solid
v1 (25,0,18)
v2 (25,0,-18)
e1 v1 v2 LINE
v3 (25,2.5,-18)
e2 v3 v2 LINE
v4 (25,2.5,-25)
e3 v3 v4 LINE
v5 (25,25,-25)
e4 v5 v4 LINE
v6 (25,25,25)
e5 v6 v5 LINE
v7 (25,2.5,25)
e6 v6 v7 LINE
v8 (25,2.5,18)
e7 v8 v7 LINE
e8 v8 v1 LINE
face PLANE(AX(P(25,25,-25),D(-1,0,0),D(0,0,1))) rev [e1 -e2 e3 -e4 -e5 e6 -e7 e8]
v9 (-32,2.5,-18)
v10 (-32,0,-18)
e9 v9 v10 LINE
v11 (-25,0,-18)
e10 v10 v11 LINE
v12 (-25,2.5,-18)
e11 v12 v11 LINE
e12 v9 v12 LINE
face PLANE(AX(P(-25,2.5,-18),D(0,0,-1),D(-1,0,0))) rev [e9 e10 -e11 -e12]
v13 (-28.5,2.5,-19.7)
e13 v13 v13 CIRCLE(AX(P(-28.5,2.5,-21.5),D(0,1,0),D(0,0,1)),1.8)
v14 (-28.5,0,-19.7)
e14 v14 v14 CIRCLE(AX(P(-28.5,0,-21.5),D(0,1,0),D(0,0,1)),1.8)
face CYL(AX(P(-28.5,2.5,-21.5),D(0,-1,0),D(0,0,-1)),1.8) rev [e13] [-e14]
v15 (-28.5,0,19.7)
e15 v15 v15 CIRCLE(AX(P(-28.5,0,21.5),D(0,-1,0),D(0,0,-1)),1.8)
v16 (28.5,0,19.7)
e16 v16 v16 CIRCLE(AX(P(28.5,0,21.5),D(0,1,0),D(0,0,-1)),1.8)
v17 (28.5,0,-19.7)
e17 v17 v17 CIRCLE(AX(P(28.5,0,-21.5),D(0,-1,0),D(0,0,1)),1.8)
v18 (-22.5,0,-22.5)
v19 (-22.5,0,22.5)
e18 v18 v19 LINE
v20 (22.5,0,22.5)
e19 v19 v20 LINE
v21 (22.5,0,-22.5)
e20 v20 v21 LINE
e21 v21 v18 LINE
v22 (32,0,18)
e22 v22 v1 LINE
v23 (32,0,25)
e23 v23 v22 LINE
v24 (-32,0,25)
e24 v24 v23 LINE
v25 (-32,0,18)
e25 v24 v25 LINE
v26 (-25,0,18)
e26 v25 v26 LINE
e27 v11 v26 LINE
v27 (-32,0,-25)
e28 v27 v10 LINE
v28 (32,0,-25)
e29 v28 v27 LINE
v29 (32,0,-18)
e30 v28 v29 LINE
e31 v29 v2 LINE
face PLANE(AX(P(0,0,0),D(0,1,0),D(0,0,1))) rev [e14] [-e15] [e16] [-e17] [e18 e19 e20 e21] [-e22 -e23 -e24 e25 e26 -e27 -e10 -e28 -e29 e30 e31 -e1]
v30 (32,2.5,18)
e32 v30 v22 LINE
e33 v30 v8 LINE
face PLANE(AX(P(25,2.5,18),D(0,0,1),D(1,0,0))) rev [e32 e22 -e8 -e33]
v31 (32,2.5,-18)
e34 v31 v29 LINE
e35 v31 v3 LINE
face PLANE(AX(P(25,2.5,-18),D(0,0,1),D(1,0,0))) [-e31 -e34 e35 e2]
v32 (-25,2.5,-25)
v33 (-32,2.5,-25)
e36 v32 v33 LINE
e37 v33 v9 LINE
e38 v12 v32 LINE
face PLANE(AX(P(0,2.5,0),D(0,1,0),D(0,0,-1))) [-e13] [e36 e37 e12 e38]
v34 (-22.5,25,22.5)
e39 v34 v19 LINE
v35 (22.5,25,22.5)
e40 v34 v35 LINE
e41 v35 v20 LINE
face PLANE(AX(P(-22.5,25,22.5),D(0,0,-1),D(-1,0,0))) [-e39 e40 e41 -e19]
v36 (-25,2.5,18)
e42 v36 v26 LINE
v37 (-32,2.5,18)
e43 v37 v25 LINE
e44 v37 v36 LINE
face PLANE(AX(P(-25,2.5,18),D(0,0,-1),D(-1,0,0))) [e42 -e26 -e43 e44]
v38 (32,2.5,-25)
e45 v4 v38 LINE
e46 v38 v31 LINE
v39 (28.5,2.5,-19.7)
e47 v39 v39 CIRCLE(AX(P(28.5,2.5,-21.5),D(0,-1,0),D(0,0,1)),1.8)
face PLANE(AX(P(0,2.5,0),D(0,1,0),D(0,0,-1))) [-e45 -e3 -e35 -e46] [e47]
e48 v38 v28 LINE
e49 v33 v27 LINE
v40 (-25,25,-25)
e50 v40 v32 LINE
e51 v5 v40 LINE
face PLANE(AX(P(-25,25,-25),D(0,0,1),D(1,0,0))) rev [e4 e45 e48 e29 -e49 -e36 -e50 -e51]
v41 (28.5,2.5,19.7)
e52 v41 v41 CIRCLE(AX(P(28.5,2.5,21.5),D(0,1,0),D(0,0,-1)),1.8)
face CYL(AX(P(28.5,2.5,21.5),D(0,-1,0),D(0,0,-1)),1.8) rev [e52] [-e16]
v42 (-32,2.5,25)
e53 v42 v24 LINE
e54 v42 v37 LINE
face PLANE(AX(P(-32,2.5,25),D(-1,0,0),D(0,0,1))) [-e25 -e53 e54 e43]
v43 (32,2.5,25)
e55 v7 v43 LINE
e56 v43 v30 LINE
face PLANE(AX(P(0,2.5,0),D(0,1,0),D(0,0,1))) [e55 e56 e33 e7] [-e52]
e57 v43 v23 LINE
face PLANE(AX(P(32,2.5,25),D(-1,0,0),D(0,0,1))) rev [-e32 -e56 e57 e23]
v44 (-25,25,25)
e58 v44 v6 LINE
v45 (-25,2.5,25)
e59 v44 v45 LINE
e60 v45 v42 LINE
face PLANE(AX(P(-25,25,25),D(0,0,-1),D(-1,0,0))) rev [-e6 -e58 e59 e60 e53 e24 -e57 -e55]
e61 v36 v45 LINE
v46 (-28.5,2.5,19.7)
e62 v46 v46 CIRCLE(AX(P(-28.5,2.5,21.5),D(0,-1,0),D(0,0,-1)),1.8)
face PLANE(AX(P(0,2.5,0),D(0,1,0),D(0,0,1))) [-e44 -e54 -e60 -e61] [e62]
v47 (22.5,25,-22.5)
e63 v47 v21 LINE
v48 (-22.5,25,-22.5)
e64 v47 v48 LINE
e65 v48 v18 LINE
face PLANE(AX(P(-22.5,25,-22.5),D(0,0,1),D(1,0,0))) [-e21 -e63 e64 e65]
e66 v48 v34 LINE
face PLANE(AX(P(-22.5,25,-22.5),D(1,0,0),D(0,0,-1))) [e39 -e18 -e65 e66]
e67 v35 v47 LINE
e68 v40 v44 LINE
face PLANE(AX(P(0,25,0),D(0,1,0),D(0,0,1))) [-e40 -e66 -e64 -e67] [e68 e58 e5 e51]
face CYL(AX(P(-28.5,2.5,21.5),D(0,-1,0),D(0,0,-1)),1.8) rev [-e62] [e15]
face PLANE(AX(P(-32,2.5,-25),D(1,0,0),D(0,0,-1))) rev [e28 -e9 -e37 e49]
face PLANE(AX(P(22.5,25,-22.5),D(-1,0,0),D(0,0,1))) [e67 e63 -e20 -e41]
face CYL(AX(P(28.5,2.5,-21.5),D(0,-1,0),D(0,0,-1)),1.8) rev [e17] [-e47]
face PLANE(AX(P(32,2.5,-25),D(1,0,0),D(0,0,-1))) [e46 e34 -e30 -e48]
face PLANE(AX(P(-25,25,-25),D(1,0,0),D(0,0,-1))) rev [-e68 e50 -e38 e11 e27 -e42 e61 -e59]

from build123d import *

# Parameters (mm, degrees)
SKIZZE1_W                       = 50
SKIZZE1_H                       = 50
SKIZZE1_W_2                     = 45
SKIZZE1_H_2                     = 45
AUFSATZ_LINEAR_AUSTRAGEN1_DEPTH = 25
SKIZZE2_W                       = 7
SKIZZE2_H                       = 7
SKIZZE2_R                       = 1.8
AUFSATZ_LINEAR_AUSTRAGEN2_DEPTH = 2.5
SPIEGELN2_COPY_1_SKETCH_W       = 7
SPIEGELN2_COPY_1_SKETCH_H       = 7
SPIEGELN2_COPY_1_SKETCH_R       = 1.8
SPIEGELN2_COPY_1_DEPTH          = 2.5


with BuildPart() as part:
    # Skizze1 → Aufsatz-Linear austragen1 (new body)
    with BuildSketch(Plane(origin=(0, 0, 0), x_dir=(1, 0, 0), z_dir=(0, 1, 0))):
        Rectangle(SKIZZE1_W, SKIZZE1_H)
        Rectangle(SKIZZE1_W_2, SKIZZE1_H_2, mode=Mode.SUBTRACT)
    extrude(amount=AUFSATZ_LINEAR_AUSTRAGEN1_DEPTH)

    # Skizze2 → Aufsatz-Linear austragen2 (add)
    with BuildSketch(Plane.XZ):
        with Locations((-28.5, 21.5)):
            Rectangle(SKIZZE2_W, SKIZZE2_H)
        with Locations((-28.5, 21.5)):
            Circle(SKIZZE2_R, mode=Mode.SUBTRACT)
    aufsatz_linear_austragen2 = extrude(amount=-AUFSATZ_LINEAR_AUSTRAGEN2_DEPTH)

    # Spiegeln1: Aufsatz-Linear austragen2 across plane
    add(aufsatz_linear_austragen2.mirror(Plane(origin=(0, 0, 0), x_dir=(0, 0, 1), z_dir=(1, 0, 0))))

    # Spiegeln2: Aufsatz-Linear austragen2 across plane
    add(aufsatz_linear_austragen2.mirror(Plane.XY))

    # Spiegeln2 copy 1 sketch → Spiegeln2 copy 1 (add)
    with BuildSketch(Plane(origin=(0, 0, 0), x_dir=(-1, 0, 0), z_dir=(0, -1, 0))):
        with Locations((-28.5, 21.5)):
            Rectangle(SPIEGELN2_COPY_1_SKETCH_W, SPIEGELN2_COPY_1_SKETCH_H)
        with Locations((-28.5, 21.5)):
            Circle(SPIEGELN2_COPY_1_SKETCH_R, mode=Mode.SUBTRACT)
    extrude(amount=-SPIEGELN2_COPY_1_DEPTH)


solid = part.part
